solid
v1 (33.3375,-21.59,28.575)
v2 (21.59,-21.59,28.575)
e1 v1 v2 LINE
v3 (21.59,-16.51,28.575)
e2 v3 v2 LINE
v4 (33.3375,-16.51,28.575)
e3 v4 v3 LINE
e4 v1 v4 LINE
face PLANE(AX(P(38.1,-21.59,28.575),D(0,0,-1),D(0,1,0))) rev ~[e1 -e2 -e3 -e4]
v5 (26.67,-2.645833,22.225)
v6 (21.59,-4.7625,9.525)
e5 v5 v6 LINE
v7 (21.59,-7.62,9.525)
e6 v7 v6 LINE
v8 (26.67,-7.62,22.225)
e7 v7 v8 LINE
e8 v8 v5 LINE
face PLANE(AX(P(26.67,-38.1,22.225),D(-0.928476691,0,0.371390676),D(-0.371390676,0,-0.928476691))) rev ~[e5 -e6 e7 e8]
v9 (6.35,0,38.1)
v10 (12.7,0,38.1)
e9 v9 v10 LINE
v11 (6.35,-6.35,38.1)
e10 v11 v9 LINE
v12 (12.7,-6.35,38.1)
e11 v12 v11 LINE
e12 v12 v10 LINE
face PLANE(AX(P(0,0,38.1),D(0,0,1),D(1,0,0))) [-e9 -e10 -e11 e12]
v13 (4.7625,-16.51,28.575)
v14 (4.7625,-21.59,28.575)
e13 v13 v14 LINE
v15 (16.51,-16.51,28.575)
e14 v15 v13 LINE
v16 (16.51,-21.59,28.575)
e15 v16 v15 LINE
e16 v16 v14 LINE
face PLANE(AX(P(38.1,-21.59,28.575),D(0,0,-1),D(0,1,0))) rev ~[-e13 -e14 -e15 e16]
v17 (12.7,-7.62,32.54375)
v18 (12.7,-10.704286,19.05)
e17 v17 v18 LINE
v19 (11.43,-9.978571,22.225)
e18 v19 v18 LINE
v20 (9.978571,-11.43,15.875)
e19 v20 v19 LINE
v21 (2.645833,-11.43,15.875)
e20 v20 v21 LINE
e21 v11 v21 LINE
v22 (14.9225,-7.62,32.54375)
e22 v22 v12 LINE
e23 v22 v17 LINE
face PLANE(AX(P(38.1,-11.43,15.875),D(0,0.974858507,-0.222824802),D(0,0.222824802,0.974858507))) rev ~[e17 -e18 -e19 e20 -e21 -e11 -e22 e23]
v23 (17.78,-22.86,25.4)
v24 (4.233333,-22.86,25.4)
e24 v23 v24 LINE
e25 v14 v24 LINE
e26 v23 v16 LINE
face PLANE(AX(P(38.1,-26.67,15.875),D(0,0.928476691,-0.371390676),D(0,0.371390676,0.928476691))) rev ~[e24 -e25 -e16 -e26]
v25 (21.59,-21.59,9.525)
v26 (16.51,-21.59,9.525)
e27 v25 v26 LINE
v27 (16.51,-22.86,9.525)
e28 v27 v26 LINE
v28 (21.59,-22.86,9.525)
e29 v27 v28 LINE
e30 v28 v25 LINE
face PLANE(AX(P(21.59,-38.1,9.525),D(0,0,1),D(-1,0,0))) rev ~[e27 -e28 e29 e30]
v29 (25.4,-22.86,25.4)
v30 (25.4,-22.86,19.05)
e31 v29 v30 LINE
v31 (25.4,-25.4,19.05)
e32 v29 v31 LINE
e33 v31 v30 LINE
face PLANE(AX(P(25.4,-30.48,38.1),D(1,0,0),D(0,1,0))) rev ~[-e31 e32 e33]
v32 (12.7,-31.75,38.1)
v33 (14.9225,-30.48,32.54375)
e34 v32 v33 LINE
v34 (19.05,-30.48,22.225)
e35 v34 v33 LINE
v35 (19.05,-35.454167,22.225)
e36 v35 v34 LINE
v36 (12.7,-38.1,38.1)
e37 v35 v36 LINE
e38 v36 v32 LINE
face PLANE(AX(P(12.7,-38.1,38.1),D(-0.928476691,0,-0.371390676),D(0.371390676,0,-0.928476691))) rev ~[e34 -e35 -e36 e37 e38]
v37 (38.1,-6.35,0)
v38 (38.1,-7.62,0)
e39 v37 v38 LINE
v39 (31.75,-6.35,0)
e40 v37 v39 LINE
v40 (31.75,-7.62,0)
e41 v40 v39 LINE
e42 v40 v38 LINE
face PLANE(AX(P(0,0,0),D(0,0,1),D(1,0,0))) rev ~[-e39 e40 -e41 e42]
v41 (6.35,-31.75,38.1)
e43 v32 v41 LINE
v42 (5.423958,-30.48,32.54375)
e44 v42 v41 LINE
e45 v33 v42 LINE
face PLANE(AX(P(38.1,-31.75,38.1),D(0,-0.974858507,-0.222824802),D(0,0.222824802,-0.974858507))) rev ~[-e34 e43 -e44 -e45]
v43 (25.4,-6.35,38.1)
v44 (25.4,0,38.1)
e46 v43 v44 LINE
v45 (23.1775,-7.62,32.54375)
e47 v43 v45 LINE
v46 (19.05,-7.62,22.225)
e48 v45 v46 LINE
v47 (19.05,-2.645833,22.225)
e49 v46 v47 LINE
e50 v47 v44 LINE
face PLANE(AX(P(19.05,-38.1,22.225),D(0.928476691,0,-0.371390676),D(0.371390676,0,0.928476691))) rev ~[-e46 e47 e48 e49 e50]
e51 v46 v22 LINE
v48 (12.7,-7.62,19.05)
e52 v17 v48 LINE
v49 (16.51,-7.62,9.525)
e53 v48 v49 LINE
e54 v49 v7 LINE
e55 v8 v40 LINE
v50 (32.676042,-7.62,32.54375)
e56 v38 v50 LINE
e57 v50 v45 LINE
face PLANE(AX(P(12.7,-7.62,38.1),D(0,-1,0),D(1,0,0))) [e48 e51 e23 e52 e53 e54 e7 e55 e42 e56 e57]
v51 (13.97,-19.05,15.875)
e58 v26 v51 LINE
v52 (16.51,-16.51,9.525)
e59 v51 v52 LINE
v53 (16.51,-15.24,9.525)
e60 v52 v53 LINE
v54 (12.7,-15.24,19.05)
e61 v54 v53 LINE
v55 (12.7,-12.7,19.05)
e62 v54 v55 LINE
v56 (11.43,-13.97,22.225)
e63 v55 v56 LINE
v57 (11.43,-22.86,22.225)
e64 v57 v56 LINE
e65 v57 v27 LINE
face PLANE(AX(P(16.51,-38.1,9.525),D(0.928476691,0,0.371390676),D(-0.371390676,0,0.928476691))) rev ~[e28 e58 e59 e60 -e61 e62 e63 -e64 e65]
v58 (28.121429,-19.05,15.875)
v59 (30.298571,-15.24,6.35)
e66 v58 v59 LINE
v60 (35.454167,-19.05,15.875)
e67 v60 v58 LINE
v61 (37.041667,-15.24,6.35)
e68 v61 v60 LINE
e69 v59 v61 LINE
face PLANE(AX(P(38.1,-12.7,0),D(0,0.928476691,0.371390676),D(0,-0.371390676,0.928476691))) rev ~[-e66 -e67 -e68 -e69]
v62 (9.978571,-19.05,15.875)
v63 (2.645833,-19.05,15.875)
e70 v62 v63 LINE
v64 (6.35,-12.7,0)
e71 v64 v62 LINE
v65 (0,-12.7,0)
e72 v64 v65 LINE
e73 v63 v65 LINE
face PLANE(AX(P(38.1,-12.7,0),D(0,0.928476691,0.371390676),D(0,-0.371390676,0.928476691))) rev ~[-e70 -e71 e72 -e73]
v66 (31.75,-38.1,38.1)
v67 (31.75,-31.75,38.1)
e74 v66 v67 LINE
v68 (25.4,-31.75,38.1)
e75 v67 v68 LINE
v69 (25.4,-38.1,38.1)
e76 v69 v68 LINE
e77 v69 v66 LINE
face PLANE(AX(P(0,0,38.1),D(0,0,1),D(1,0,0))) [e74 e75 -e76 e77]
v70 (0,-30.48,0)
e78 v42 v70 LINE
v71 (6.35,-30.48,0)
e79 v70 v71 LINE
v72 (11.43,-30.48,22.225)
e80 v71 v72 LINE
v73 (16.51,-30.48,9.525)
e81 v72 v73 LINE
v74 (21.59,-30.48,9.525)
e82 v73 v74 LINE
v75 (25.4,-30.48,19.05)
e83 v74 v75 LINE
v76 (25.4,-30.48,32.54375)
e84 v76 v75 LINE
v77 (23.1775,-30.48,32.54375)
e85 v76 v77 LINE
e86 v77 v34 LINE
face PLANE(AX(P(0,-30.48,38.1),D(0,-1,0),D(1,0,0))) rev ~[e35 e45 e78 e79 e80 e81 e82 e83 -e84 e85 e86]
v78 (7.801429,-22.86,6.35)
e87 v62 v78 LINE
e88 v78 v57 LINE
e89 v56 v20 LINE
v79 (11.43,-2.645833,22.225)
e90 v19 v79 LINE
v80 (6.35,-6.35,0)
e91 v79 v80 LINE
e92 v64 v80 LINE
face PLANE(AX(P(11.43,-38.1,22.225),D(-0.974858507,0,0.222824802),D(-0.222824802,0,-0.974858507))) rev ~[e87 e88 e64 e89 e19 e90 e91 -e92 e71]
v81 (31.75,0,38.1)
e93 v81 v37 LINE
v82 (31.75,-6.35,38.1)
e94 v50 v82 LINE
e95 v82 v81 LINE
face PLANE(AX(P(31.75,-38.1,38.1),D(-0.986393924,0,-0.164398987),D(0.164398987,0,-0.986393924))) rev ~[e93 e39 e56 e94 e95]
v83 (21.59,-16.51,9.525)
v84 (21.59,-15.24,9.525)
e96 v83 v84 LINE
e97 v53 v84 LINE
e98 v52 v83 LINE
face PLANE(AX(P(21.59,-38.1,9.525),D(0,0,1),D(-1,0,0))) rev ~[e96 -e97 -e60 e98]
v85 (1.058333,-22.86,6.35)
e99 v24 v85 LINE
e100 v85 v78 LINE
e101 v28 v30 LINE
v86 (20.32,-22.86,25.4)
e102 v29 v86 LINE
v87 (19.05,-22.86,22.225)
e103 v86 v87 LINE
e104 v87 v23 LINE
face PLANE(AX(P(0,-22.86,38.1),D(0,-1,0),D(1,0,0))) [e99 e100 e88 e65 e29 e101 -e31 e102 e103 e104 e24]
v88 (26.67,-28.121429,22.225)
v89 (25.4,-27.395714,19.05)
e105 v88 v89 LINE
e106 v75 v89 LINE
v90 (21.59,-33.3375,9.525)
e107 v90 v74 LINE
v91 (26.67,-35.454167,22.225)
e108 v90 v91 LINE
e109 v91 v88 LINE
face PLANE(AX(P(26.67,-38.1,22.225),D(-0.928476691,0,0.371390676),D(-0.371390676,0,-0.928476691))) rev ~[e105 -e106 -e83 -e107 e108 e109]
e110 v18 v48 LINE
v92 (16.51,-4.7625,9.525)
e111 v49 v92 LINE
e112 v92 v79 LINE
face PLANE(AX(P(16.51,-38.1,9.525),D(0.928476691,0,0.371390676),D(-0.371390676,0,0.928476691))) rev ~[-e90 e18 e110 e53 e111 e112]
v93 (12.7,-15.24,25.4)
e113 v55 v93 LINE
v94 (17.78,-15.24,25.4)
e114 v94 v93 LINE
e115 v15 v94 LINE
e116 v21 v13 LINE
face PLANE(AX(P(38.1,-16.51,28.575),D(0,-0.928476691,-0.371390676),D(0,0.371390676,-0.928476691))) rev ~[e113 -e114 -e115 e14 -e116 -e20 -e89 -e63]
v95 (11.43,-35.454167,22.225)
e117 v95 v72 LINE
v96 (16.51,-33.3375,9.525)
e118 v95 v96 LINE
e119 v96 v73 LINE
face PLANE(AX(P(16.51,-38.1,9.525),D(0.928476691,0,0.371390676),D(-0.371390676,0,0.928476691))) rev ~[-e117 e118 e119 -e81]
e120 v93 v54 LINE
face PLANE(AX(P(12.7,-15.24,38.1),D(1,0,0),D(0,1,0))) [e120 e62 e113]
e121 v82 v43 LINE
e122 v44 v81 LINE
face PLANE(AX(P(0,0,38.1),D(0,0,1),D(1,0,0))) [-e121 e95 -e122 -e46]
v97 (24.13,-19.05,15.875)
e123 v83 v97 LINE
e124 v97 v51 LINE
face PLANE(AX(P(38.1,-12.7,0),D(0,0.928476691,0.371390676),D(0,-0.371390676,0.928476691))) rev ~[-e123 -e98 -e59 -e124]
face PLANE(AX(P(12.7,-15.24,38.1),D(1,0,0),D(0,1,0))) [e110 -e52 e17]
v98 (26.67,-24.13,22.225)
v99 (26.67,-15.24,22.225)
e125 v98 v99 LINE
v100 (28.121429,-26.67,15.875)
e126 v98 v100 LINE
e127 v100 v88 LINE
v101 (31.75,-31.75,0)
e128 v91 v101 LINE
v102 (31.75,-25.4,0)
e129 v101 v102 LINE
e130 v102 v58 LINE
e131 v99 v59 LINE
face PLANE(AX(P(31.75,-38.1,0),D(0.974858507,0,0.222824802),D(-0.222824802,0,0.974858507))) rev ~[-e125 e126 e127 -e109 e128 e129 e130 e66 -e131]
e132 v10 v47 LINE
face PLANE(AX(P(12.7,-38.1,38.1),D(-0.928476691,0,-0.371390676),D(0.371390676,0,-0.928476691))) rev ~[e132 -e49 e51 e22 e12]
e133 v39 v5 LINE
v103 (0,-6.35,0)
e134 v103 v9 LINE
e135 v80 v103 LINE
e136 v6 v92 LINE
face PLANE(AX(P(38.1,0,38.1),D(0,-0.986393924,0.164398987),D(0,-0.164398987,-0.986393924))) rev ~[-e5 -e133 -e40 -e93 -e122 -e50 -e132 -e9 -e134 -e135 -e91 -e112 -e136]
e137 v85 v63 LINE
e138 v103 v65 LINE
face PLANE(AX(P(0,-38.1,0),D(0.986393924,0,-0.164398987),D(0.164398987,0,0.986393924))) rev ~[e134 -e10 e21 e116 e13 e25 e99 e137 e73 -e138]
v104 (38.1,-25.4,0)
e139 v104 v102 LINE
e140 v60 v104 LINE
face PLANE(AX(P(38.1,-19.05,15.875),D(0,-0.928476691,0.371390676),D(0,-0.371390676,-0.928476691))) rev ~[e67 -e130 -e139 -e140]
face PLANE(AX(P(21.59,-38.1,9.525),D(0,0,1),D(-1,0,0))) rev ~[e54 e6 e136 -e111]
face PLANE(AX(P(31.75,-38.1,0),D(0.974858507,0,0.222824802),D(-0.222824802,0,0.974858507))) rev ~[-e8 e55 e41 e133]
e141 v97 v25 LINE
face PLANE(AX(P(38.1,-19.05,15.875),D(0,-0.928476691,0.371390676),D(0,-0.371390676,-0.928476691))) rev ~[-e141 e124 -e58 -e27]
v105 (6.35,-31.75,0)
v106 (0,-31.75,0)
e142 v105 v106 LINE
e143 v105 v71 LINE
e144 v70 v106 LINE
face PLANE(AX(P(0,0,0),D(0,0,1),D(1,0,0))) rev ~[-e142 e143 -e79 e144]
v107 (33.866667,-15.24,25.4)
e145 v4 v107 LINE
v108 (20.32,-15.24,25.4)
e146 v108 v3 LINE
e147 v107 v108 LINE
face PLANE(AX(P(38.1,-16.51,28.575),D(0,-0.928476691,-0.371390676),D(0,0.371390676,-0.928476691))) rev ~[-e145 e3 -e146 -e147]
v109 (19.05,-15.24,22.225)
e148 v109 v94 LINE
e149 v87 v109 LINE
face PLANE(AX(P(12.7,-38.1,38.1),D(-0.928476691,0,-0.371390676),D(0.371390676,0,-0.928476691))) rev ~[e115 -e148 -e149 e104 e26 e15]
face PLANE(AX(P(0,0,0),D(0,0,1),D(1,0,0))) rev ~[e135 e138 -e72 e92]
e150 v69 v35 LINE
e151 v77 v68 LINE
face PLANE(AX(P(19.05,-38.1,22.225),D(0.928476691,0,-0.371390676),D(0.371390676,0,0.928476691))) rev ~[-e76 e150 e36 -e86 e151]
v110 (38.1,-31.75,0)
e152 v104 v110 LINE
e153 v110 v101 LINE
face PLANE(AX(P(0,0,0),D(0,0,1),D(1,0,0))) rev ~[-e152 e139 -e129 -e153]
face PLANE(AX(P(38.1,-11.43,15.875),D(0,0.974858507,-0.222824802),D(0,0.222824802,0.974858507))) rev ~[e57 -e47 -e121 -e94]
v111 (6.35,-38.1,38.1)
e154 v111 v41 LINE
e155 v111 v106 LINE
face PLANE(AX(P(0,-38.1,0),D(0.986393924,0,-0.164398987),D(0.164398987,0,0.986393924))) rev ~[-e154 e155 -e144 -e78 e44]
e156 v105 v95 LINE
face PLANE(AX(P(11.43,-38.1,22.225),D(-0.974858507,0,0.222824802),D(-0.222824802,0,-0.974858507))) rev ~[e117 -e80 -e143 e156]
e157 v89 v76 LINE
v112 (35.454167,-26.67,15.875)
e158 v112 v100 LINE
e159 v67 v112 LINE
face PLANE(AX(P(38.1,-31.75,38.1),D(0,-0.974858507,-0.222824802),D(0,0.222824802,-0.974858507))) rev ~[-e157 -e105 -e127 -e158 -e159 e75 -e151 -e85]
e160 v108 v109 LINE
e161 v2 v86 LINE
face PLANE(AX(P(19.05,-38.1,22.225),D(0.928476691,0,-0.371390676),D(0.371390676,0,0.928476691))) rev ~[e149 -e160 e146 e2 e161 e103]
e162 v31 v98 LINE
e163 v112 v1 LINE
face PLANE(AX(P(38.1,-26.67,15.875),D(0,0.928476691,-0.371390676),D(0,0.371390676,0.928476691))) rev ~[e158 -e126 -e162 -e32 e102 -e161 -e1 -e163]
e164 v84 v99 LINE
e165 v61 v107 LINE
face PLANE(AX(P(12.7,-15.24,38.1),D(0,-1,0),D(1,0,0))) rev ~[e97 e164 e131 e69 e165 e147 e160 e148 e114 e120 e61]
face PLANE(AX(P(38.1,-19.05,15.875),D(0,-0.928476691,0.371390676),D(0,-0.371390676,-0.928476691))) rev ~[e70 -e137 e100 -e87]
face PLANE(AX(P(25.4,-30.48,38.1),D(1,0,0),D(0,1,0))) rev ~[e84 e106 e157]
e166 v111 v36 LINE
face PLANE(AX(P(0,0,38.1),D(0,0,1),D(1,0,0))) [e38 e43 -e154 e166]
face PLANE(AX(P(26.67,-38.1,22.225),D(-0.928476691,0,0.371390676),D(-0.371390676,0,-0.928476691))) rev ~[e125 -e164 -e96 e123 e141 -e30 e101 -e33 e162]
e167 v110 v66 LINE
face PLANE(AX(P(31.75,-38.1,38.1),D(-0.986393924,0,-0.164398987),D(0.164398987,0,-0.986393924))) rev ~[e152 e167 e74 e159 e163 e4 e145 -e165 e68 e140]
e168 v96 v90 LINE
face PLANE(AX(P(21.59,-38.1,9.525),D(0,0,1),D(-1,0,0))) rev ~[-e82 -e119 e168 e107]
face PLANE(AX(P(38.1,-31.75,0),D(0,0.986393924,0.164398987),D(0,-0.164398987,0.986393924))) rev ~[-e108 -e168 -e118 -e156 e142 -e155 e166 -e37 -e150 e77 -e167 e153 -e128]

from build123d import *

# Parameters (mm, degrees)
F0_W      = 38.1
F0_H      = 38.1
F1_DEPTH  = 38.1
F6_DEPTH  = 38.1
F8_DEPTH  = 38.1
F9_W      = 25.4
F9_H      = 7.62
F10_DEPTH = 38.1


with BuildPart() as f1:
    # F0 (on Front) → F1 (new body)
    with BuildSketch(Plane.XZ):
        with Locations((19.05, 19.05)):
            Rectangle(F0_W, F0_H)
    extrude(amount=F1_DEPTH)

    # F5 (on offset) → F6 (cut)
    with BuildSketch(Plane.YZ.offset(38.1)):
        Polygon((-6.35, 38.1), (-31.75, 38.1), (-26.67, 15.875), (-21.59, 28.575), (-16.51, 28.575), (-11.43, 15.875), align=None)
        Polygon((-31.75, 0), (-38.1, 38.1), (-38.1, 0), align=None)
        Polygon((-19.05, 15.875), (-25.4, 0), (-12.7, 0), align=None)
        Polygon((0, 0), (0, 38.1), (-6.35, 0), align=None)
    extrude(amount=-F6_DEPTH, mode=Mode.SUBTRACT)

    # F7 (on offset) → F8 (cut)
    with BuildSketch(Plane.XZ.offset(38.1)):
        Polygon((6.35, 38.1), (0, 38.1), (0, 0), align=None)
        Polygon((25.4, 38.1), (12.7, 38.1), (19.05, 22.225), align=None)
        Polygon((38.1, 38.1), (31.75, 38.1), (38.1, 0), align=None)
        Polygon((11.43, 22.225), (6.35, 0), (31.75, 0), (26.67, 22.225), (21.59, 9.525), (16.51, 9.525), align=None)
    extrude(amount=-F8_DEPTH, mode=Mode.SUBTRACT)

    # F9 (on offset) → F10 (cut)
    with BuildSketch(Plane.XY.offset(38.1)):
        with Locations((25.4, -11.43)):
            Rectangle(F9_W, F9_H)
        with Locations((12.7, -26.67)):
            Rectangle(F9_W, F9_H)
    extrude(amount=-F10_DEPTH, mode=Mode.SUBTRACT)


solid = f1.part
